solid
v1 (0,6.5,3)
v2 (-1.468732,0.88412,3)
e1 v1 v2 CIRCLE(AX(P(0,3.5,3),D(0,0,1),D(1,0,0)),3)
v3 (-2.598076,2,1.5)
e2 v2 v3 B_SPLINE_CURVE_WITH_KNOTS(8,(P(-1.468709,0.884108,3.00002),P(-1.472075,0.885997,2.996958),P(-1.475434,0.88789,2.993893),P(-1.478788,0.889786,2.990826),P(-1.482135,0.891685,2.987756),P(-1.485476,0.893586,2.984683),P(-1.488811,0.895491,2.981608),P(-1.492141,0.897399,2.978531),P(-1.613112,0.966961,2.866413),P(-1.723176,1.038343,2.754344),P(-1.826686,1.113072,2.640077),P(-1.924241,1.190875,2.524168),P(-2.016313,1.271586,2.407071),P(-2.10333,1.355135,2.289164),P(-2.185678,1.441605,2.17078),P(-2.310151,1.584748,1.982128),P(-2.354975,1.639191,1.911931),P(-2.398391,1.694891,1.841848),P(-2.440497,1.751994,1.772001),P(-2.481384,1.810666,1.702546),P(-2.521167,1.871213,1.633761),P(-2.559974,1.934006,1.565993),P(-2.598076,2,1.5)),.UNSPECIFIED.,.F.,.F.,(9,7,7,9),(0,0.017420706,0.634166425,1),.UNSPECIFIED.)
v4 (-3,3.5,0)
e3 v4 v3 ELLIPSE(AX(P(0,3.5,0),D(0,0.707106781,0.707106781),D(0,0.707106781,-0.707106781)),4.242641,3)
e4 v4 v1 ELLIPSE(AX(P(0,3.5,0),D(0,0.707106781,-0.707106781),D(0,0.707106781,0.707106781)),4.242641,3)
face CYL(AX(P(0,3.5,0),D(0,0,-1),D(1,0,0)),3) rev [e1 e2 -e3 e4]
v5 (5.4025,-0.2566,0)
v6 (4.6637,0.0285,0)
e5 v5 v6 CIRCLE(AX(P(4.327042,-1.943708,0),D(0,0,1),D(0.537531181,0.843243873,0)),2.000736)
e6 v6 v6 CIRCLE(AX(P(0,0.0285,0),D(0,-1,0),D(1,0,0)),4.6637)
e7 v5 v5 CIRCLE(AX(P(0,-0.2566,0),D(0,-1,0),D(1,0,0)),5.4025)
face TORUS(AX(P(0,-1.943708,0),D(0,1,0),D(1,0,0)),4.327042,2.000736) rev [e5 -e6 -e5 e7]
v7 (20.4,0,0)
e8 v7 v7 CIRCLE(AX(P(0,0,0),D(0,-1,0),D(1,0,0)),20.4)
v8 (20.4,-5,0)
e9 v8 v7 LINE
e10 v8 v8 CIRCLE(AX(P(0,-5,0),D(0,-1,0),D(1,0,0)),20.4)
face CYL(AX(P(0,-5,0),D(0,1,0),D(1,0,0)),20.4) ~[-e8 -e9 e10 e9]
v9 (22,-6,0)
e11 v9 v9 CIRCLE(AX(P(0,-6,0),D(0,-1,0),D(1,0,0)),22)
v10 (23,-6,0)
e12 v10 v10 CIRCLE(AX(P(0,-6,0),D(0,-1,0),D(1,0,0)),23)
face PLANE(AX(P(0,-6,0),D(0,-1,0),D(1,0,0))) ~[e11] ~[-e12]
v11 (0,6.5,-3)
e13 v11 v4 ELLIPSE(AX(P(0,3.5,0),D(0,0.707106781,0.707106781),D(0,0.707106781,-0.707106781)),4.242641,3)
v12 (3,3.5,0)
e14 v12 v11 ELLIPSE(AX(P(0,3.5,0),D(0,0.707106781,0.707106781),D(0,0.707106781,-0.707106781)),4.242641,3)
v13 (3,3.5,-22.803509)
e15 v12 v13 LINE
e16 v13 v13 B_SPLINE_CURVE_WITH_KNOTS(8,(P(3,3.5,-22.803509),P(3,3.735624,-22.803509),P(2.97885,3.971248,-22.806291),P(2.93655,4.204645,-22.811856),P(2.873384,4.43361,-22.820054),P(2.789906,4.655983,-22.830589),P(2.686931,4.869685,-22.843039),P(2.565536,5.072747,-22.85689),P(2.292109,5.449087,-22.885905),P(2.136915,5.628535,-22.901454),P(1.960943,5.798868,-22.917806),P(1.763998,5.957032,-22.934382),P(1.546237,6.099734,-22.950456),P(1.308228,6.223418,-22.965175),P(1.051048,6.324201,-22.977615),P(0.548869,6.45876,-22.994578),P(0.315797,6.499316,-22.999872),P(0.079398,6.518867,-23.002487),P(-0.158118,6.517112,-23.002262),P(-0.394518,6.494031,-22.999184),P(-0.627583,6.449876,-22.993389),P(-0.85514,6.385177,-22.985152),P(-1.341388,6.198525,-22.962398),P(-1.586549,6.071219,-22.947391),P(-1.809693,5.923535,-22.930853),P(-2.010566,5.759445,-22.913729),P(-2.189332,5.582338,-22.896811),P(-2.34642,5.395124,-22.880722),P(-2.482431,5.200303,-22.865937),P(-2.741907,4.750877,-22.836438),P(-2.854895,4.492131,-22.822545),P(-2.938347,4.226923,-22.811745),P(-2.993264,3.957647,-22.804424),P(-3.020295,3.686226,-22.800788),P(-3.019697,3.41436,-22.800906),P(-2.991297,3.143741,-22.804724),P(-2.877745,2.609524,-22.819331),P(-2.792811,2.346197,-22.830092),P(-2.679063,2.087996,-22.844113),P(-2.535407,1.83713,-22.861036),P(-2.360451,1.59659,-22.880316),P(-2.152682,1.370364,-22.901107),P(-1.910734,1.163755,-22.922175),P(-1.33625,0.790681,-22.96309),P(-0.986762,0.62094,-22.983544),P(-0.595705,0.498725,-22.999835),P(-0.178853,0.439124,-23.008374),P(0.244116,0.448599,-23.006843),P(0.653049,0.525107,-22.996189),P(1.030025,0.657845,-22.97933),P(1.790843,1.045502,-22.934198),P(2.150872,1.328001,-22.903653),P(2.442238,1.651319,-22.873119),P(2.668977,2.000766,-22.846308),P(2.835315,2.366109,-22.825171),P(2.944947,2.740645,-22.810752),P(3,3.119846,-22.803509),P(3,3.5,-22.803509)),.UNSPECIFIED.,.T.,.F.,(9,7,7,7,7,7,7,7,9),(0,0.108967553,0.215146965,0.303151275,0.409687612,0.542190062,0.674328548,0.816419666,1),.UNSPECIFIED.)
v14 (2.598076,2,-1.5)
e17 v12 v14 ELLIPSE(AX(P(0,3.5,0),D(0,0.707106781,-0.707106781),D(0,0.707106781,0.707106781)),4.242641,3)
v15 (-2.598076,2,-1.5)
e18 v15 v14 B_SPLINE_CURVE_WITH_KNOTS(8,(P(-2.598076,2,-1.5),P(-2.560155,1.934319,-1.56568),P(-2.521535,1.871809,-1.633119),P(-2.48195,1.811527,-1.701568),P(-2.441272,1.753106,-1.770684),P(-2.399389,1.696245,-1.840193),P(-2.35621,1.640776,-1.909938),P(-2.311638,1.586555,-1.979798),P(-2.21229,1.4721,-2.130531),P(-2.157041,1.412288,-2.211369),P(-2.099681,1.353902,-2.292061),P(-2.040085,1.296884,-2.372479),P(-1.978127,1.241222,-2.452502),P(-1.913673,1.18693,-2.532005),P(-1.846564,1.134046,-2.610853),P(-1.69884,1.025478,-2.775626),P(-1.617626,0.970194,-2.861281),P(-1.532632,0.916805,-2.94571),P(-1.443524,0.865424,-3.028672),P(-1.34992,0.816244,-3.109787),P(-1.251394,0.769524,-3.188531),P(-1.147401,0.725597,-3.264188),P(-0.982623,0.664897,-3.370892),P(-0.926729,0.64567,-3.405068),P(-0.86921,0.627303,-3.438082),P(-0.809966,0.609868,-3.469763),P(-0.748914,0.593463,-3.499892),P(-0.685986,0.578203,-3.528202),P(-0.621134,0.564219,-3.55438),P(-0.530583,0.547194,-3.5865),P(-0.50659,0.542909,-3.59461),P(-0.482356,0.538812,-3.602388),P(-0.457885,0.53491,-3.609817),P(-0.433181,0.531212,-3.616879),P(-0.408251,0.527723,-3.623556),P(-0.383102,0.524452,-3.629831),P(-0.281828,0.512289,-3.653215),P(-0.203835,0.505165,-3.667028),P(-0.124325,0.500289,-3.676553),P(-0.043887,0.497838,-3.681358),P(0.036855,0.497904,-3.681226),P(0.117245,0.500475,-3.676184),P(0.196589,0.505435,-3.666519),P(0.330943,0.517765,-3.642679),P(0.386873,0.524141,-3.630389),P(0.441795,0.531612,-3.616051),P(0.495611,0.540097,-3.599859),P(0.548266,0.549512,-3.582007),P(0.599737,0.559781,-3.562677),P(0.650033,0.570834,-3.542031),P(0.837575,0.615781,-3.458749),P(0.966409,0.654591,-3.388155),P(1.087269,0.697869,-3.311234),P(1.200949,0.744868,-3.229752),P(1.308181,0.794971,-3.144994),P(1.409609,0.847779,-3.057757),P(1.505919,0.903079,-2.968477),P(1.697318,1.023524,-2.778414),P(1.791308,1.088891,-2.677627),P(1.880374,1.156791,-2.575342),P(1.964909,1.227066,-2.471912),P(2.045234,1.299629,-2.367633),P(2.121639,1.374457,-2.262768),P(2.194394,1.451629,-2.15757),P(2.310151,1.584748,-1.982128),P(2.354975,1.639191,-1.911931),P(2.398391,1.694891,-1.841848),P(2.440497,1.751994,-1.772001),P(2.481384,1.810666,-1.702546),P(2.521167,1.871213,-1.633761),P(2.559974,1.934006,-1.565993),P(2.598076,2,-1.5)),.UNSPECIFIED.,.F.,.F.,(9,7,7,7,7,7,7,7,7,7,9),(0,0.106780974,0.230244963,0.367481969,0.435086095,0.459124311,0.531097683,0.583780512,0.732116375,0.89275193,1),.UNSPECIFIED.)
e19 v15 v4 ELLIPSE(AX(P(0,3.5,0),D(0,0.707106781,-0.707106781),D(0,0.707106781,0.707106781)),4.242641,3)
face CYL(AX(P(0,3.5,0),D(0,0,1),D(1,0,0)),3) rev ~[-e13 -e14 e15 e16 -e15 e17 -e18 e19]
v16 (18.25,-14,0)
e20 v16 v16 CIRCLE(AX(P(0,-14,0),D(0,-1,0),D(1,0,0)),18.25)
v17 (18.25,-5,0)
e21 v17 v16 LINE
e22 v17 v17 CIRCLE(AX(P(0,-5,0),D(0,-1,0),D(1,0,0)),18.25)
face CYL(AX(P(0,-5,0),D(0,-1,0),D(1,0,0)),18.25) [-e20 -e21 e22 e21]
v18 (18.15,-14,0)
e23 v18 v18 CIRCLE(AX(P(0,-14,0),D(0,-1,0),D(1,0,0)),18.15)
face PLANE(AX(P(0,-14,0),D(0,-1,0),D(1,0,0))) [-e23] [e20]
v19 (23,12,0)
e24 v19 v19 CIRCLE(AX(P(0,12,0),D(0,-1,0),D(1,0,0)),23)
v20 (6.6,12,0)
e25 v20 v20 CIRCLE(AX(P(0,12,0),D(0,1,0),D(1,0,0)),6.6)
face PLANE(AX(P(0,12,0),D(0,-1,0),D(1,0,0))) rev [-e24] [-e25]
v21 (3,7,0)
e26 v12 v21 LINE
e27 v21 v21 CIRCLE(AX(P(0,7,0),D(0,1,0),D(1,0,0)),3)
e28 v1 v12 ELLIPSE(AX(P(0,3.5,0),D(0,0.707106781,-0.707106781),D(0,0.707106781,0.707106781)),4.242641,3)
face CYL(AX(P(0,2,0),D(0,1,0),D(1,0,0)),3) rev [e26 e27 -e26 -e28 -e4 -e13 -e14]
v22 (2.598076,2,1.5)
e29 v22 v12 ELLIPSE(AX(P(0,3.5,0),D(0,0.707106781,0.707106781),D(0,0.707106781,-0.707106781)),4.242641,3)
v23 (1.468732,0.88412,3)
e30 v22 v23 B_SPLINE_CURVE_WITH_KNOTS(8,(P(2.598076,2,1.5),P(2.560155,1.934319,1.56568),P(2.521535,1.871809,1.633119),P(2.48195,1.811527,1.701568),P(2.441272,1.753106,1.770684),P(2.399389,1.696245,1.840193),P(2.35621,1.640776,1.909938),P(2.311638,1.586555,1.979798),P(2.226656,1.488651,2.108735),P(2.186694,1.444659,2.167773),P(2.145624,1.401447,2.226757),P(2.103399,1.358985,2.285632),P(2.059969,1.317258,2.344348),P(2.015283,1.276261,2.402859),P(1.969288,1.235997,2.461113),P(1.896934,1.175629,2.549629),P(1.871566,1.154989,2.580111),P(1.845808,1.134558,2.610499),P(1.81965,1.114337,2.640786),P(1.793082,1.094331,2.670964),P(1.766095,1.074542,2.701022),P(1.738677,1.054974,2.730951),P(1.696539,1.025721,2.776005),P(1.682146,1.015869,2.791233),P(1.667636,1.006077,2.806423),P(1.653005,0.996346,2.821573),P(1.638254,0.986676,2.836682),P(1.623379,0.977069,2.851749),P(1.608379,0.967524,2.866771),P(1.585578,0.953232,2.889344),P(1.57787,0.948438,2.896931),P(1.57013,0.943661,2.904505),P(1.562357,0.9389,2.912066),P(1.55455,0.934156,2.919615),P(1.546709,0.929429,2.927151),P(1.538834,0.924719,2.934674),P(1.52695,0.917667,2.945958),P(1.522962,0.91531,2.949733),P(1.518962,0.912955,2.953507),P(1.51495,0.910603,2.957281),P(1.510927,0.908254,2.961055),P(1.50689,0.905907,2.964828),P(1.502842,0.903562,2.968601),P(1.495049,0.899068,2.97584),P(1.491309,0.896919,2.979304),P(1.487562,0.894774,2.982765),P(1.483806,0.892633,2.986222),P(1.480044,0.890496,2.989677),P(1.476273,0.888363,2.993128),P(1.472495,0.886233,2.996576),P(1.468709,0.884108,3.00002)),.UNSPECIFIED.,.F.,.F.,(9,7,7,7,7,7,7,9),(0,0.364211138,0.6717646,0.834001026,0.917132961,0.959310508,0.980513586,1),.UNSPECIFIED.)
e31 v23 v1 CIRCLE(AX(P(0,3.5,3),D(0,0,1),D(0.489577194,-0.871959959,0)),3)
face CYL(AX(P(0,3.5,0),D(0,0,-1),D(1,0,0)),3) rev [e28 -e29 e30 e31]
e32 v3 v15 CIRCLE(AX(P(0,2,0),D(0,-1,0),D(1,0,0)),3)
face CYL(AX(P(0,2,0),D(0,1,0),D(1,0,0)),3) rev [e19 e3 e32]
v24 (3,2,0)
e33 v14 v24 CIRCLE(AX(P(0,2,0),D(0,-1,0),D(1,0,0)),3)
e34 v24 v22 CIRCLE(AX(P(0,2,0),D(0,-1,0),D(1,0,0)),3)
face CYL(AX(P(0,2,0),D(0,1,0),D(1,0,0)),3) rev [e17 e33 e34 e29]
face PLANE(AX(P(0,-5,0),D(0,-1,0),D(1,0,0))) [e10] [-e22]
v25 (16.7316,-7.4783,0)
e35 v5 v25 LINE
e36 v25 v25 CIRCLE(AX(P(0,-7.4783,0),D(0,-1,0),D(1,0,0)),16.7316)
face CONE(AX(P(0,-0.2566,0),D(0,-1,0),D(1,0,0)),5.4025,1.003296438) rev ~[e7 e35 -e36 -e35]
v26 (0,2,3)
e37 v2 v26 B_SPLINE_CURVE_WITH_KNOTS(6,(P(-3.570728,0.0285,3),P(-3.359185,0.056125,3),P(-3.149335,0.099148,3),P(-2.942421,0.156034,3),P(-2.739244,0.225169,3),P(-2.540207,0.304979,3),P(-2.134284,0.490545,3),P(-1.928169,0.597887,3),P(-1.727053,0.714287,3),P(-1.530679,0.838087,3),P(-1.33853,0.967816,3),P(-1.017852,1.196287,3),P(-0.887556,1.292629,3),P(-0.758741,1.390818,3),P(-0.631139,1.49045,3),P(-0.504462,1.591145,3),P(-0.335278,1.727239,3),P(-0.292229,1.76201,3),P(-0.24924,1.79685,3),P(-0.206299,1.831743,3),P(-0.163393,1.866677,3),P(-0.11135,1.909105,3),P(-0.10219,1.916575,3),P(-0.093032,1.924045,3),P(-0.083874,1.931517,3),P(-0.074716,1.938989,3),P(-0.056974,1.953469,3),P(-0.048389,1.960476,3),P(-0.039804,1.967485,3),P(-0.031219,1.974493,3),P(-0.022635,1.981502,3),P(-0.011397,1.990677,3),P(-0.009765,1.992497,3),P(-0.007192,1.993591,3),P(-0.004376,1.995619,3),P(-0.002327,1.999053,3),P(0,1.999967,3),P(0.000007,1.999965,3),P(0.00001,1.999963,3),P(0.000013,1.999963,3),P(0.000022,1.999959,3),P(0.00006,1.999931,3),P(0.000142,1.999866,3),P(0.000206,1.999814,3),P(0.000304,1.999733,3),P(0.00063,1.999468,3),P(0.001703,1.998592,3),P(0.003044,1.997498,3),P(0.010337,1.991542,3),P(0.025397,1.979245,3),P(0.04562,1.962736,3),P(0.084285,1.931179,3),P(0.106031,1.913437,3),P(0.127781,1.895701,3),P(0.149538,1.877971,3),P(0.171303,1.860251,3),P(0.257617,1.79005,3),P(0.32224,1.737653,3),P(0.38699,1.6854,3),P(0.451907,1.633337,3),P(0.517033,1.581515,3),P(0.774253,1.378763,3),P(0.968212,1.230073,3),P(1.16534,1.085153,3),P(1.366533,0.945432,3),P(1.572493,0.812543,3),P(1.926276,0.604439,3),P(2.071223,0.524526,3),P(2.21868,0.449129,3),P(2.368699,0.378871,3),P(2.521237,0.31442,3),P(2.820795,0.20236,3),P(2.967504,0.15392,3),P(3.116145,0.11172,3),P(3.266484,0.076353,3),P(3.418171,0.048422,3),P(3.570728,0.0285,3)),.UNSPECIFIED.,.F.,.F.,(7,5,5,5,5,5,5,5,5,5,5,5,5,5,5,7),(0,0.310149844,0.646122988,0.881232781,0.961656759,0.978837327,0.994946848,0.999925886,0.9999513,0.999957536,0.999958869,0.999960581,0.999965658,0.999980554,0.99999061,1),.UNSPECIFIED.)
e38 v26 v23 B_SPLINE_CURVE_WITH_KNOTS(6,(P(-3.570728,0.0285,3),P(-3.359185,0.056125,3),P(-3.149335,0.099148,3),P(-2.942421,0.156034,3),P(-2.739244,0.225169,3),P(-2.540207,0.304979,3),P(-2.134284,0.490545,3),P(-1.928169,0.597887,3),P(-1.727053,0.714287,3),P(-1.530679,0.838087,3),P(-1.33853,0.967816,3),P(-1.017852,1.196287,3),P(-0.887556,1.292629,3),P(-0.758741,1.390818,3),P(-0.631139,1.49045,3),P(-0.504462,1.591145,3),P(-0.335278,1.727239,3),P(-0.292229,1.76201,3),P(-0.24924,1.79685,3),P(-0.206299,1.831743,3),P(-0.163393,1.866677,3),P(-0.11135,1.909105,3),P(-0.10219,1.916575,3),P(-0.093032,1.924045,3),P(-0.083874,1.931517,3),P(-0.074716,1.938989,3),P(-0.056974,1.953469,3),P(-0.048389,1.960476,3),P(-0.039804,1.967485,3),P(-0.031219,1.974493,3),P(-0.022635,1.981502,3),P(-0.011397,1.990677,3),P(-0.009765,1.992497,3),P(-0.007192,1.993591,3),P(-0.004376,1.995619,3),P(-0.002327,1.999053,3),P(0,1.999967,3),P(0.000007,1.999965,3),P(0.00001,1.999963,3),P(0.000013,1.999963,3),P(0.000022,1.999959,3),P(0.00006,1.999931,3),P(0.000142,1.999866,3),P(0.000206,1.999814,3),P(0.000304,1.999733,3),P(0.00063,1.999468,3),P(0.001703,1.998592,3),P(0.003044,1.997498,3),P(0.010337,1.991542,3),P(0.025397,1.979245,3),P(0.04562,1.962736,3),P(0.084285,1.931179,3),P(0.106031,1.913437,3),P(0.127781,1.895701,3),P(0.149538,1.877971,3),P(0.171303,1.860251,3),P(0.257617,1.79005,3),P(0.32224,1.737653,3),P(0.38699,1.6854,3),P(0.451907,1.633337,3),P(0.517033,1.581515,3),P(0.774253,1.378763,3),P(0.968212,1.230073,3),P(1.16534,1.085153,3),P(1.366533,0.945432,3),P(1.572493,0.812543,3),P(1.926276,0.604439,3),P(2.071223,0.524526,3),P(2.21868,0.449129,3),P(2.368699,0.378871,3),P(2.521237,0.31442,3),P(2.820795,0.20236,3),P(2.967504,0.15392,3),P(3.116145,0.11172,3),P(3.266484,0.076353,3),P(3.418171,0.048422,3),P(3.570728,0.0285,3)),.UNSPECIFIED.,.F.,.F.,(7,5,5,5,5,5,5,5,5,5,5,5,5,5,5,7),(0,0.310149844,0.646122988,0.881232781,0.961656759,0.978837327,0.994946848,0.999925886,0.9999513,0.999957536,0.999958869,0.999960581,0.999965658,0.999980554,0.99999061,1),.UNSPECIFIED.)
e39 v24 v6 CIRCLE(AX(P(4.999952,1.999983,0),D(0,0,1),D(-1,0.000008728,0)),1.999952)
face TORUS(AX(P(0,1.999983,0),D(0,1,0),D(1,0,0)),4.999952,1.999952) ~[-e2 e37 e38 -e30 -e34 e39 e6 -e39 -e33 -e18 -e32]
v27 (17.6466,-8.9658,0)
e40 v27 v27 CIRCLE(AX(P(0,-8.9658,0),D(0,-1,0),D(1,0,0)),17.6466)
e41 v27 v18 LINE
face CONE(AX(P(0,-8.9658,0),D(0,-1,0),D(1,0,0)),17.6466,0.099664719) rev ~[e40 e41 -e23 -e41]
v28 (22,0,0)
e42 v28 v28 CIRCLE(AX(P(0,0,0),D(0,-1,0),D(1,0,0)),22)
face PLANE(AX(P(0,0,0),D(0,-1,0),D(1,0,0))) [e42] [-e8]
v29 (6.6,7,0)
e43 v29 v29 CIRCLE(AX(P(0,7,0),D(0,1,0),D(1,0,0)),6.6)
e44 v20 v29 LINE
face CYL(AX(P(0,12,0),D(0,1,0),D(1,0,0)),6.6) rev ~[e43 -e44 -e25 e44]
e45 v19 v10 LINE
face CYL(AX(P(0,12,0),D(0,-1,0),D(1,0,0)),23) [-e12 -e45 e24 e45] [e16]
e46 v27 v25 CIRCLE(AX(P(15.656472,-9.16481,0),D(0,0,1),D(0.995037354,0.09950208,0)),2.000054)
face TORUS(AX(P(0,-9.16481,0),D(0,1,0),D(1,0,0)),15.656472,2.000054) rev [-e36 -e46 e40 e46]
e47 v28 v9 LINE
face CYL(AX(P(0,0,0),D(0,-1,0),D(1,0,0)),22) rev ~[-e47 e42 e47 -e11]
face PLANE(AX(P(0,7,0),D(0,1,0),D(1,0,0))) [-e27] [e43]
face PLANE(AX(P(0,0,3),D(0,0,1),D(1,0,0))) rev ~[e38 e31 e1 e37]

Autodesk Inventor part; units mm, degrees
ref_plane "YZ Plane" through (0, 0, 0) normal (1, 0, 0) x (0, 1, 0)
ref_plane "XZ Plane" through (0, 0, 0) normal (0, 1, 0) x (-1, 0, 0)
ref_plane "XY Plane" through (0, 0, 0) normal (0, 0, 1) x (1, 0, 0)
sketch "Sketch1" plane through (0, 0, 0) normal (0, 0, 1) x (1, 0, 0)
  line L0 (3, 12) -> (23, 12)
  line L1 (23, 12) -> (23, 0)
  line L2 (3, 2) -> (3, 12)
  line L3 (0, 19.5472) -> (0, -22.4151)
  line L4 (23, 0) -> (22, 0) construction
  line L5 (22, 0) -> (22, -6)
  line L6 (22, -6) -> (23, -6)
  line L7 (23, -6) -> (23, 0)
  line L8 (20.4, 0) -> (17.25, 0) construction
  line L9 (17.25, 0) -> (17.25, -5) construction
  line L10 (17.25, -5) -> (20.4, -5) construction
  line L11 (20.4, -5) -> (20.4, 0)
  arc A0 (3, 2) -> (4.6637, 0.0285) centre (5, 2) ccw
  line L12 (22, 0) -> (20.4, 0)
  line L13 (17.25, 0) -> (5, 0)
  line L14 (-20.0393, 0) -> (22, 0) construction
  line L15 (23, 0) -> (24.5476, 0) construction
  line L16 (18.25, 0) -> (18.25, -5) construction
  line L17 (20.4, -5) -> (18.25, -5)
  line L18 (18.25, -5) -> (18.25, -14)
  line L19 (18.25, -14) -> (18.15, -14)
  line L20 (18.15, -14) -> (17.25, -5) construction
  line L21 (18.25, -8) -> (17.55, -8) construction
  line L22 (5.4025, -0.2566) -> (16.7316, -7.4783)
  line L23 (17.6466, -8.9658) -> (18.15, -14)
  arc A1 (17.6466, -8.9658) -> (16.7316, -7.4783) centre (15.6565, -9.1648) ccw
  arc A2 (5.4025, -0.2566) -> (4.6637, 0.0285) centre (4.3274, -1.943) ccw
  point P0 (0, 0)
  point P1 (17.25, 0)
  point P2 (17.25, -5)
  point P3 (5, 0)
  point P4 (17.9, -8)
  dimension "d0" = 6
  dimension "d2" = 1
  dimension "d5" = 5
  dimension "d6" = 1.6
  dimension "d7" = 44
  dimension "d11" = 2
  dimension "d12" = 12
  dimension "d14" = 6
  dimension "d23" = 36.5
  dimension "d24" = 1
  dimension "d25" = 0.1
  dimension "d26" = 9
  dimension "d37" = 3
  dimension "d38" = 2
  dimension "d39" = 2
revolve "Revolution1" add sketch "Sketch1" angle 360 about axis through (0, 19.5472, 0) along (0, -1, 0)
sketch "Sketch2" plane through (0, 0, 0) normal (0, 0, 1) x (1, 0, 0)
  line L0 (-3, 12) -> (3, 12) projected
  line L1 (0, 12) -> (0, 0) construction
  line L2 (-3, 2) -> (3, 2) construction
  circle A0 centre (0, 3.5) radius 3
  line L3 (-20.4, 0) -> (20.4, 0) projected
  point P0 (2.5981, 2)
  point P1 (-2.5981, 2)
  dimension "d0" = 6
  dimension "d16" = 6
  dimension "d40" = 3.5
extrude "Extrusion1" cut sketch "Sketch2" along normal blind 3 and the other way blind 33
sketch "Sketch3" plane through (0, 12, 0) normal (0, 1, 0) x (1, 0, 0)
  circle A0 centre (0, 0) radius 6.6
  circle A1 centre (0, 0) radius 3 construction
  dimension "d0" = 6
  dimension "d27" = 13.2
extrude "Extrusion2" cut sketch "Sketch3" against normal blind 5
equation "\"d0\" = t_D"
equation "\"d2\" = w_th"
equation "\"d5\" = b_rim_h"
equation "\"d6\" = lv_th"
equation "\"d7\" = b_OD"
equation "\"d11\" = fillet_D"
equation "\"d12\" = top_th_f"
equation "\"d14\" = w_l"
equation "\"d23\" = b_ID"
equation "\"d24\" = w_th"
equation "\"d25\" = tol"
equation "\"d26\" = 1.5 * w_l"
equation "\"d37\" = 0.5 * w_l"
equation "\"d38\" = fillet_D"
equation "\"d39\" = fillet_D"
equation "\"d16\" = t_D"
equation "\"d40\" = 0.5 * w_th + 0.5 * t_D"
equation "\"d18\" = 0.5 * t_D"
equation "\"d19\" = 0.75 * b_OD"
equation "\"d27\" = cn_D"
equation "\"d30\" = cn_h"
equation "\"tol\" = 0.1"
equation "\"fillet_D\" = 2"
equation "\"w_th\" = 1"
equation "\"w_l\" = 6"
equation "\"t_D\" = 6"
equation "\"t_D_f\" = t_D + w_th"
equation "\"top_th_f\" = t_D_f + cn_h"
equation "\"cn_h\" = 5"
equation "\"lv_th\" = 1.6"
equation "\"d3\" = w_l"
equation "\"d8\" = top_th_f"
equation "\"b_ID\" = 36.5"
equation "\"b_OD\" = 44"
equation "\"b_rim_h\" = 5"
equation "\"top_th\" = t_D + w_th"
equation "\"lv_OD\" = 26"
equation "\"sv_OD\" = 13"
equation "\"sv_th\" = 1.5"
equation "\"b_th\" = 1.5"
equation "\"h_s\" = 2.25"
equation "\"h_D\" = 0.9"
equation "\"v_h_D\" = 7.5"
equation "\"v_h_off\" = 0.5 * cn_D + 0.5 * v_h_D"
equation "\"cn_D\" = 13.2"
properties part number "bottle"
